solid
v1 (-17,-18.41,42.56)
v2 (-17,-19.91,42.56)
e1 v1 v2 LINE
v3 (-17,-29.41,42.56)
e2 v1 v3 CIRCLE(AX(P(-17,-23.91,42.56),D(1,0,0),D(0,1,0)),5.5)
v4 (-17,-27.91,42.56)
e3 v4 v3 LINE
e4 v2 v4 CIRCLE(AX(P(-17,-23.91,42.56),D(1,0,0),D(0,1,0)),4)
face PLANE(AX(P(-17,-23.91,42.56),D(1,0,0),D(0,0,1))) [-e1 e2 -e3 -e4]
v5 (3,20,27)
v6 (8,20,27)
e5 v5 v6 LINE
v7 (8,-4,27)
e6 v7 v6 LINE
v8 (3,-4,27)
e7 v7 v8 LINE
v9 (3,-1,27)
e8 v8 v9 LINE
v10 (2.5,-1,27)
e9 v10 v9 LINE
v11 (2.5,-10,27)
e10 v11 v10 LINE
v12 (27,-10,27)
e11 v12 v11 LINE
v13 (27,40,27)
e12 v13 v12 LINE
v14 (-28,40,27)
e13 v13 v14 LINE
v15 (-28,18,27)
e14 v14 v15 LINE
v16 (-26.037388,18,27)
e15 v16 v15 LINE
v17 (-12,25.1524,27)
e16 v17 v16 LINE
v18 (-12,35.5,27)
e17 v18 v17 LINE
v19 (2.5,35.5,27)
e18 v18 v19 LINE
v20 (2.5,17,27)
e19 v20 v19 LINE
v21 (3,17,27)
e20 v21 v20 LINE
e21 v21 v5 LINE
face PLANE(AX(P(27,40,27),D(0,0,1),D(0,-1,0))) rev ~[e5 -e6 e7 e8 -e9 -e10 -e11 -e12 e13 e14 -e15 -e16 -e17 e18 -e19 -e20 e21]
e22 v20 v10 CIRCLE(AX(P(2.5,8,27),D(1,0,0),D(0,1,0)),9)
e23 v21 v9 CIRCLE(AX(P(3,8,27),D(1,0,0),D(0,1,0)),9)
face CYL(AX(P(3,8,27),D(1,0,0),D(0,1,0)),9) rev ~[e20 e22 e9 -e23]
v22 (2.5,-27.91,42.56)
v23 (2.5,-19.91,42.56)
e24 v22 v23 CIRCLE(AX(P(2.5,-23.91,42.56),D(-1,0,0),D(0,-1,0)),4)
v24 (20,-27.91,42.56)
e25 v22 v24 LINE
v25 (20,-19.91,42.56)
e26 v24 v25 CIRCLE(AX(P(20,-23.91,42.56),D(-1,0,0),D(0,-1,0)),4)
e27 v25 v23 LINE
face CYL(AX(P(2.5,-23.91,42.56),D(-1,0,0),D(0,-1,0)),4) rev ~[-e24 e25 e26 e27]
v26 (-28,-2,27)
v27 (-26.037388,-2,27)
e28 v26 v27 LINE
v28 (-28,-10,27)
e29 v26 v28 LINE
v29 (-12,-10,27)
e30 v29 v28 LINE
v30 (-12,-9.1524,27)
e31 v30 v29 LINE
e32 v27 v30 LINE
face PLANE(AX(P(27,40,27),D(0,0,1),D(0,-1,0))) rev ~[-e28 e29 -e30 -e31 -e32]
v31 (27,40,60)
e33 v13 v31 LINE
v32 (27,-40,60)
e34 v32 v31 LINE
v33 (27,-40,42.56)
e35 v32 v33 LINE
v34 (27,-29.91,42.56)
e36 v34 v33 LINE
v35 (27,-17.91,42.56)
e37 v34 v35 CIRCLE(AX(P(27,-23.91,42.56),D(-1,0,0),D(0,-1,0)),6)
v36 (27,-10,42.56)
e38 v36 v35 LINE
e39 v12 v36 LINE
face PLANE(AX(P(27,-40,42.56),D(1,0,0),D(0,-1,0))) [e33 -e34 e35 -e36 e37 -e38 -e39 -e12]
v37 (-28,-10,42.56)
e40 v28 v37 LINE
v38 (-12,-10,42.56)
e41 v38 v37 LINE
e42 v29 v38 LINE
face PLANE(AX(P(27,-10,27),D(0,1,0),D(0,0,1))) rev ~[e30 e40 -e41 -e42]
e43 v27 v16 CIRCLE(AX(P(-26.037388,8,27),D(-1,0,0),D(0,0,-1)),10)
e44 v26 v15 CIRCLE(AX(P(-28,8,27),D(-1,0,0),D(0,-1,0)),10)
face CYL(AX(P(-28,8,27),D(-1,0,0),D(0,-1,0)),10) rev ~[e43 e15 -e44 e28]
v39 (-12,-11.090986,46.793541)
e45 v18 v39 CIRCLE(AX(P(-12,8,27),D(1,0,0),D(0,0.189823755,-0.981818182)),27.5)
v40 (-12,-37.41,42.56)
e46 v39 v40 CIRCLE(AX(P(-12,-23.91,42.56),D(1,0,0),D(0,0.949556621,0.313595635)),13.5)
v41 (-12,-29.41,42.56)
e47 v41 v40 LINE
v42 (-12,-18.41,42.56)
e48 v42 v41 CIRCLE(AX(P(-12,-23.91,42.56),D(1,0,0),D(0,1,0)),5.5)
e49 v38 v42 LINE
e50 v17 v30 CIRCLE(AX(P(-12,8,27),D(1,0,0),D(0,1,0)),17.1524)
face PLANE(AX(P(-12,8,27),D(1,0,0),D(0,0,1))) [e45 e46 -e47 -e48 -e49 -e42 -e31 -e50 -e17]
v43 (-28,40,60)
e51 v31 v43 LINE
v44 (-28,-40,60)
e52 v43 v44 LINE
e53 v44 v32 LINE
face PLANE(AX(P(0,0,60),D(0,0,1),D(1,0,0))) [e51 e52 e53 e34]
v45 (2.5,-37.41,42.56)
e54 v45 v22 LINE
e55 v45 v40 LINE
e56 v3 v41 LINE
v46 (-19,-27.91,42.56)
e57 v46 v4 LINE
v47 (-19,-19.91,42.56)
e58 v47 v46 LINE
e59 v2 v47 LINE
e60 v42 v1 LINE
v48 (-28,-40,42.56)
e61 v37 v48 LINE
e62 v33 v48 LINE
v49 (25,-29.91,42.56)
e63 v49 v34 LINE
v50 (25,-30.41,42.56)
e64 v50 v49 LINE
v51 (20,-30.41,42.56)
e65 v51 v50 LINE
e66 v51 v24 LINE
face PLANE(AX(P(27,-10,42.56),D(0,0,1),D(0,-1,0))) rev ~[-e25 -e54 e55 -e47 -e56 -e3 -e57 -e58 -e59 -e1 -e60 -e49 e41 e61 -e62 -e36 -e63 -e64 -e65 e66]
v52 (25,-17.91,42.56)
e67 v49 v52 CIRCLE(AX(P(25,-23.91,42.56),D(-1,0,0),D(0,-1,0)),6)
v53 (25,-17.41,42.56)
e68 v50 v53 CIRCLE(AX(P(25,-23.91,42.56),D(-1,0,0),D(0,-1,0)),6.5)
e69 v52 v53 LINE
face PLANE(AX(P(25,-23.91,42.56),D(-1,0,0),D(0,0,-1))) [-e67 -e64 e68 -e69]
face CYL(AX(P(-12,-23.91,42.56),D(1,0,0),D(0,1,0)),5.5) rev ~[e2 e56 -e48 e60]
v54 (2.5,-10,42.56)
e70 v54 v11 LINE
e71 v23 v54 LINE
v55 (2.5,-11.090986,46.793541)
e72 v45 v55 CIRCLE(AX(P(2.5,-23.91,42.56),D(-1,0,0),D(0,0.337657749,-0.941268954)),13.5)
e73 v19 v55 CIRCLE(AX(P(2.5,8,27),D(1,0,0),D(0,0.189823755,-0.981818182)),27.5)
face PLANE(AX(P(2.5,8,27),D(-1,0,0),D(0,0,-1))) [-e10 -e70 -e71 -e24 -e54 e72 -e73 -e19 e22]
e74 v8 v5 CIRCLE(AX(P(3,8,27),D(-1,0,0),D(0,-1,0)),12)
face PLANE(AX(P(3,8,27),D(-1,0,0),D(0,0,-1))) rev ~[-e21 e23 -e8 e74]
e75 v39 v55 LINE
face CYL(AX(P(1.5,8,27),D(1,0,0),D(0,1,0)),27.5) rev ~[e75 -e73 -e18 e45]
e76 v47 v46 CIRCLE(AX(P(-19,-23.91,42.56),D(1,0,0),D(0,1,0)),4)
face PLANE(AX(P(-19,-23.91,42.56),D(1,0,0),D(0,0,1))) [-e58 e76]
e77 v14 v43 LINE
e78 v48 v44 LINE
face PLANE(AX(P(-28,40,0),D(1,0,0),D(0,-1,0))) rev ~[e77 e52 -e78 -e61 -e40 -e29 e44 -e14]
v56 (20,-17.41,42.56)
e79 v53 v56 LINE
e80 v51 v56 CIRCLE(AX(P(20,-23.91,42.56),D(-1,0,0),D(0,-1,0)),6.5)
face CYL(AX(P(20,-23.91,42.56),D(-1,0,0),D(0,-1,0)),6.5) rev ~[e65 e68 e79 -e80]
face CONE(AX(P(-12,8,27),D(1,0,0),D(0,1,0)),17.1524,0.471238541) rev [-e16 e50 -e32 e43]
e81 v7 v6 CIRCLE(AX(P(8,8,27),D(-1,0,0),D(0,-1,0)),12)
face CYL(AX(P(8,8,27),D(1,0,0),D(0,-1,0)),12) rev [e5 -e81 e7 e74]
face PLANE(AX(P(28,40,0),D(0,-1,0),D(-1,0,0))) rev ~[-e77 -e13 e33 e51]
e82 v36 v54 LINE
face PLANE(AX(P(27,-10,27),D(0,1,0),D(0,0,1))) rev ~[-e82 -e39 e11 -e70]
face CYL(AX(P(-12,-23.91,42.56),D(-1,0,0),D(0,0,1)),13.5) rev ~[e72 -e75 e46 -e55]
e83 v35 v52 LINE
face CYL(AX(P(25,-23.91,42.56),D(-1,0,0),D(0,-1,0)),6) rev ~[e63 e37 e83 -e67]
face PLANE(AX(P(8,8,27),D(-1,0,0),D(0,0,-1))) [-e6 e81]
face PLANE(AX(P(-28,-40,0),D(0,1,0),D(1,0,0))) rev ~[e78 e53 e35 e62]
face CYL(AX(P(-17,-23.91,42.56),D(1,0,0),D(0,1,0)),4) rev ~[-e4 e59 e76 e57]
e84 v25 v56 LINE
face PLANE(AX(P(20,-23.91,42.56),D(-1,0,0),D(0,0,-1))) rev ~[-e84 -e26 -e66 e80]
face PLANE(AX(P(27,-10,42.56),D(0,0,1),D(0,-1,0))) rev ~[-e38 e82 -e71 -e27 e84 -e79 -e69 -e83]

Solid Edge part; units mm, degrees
sketch "Sketch1" plane through (0, 0, 0) normal (0, 0, 1) x (1, 0, 0)
  line L0 (-28, -40) -> (28, -40)
  line L1 (28, -40) -> (28, 40)
  line L2 (28, 40) -> (-28, 40)
  line L3 (-28, 40) -> (-28, -40)
  dimension "D1" = 56
  dimension "D2" = 80
extrude "Protrusion1" add sketch "Sketch1" along normal blind 60
sketch "Sketch2" plane through (8, 0, 21.28) normal (-1, 0, 0) x (0, -1, 0)
  circle A0 centre (-8, 5.72) radius 12
  dimension "D1" = 24
  dimension "D2" = 32
extrude "Extrusionsausschnitt_3" cut sketch "Sketch2" along normal blind 5
sketch "Sketch3" plane through (3, 5.5, 20.5) normal (1, 0, 0) x (0, 1, 0)
  circle A0 centre (2.5, 6.5) radius 9
  dimension "D1" = 18
  dimension "D2" = 32
extrude "Extrusionsausschnitt_4" cut sketch "Sketch3" against normal blind 1.5
sketch "Sketch4" plane through (1.5, 5.5, 22.5) normal (1, 0, 0) x (0, 1, 0)
  circle A0 centre (2.5, 4.5) radius 27.5
  dimension "D1" = 55
  dimension "D2" = 32
extrude "Extrusionsausschnitt_5" cut sketch "Sketch4" against normal blind 13.5
sketch "Sketch5" plane through (1.5, 5.5, 21.28) normal (-1, 0, 0) x (0, 0, 1)
  circle A0 centre (5.72, 2.5) radius 27.5
  dimension "D1" = 55
  dimension "D2" = 32
extrude "Extrusionsausschnitt_6" cut sketch "Sketch5" against normal blind 1
sketch "Sketch6" plane through (0, 15, 27) normal (0, 0, 1) x (1, 0, 0)
  line L0 (-12, 10.1524) -> (-28, 2)
  line L1 (-12, 10.1524) -> (-12, -7)
revolve "RevolvedCutout1" cut sketch "Sketch6" angle 360 about axis through (-28, 8, 27) along (1, 0, 0) material side at (-19.9773, 21.0316, 27)
sketch "Sketch7" plane through (-28, 0, 21.28) normal (-1, 0, 0) x (0, -1, 0)
  circle A0 centre (-8, 5.72) radius 10
  dimension "D1" = 20
extrude "Cutout1" cut sketch "Sketch7" against normal up to vertex (16 mm away)
sketch "Sketch8" plane through (-12, 0, 21.28) normal (-1, 0, 0) x (0, 0, 1)
  circle A0 centre (21.28, -23.91) radius 13.5
  dimension "D1" = 16.09
  dimension "D2" = 17.44
  dimension "D3" = 27
extrude "Extrusionsausschnitt_8" cut sketch "Sketch8" against normal up to vertex (14.5 mm away)
sketch "Sketch9" plane through (-12, -0.75, 21.28) normal (1, 0, 0) x (0, 1, 0)
  circle A0 centre (-23.16, 21.28) radius 5.5
  dimension "D1" = 11
  dimension "D2" = 16.09
extrude "Extrusionsausschnitt_9" cut sketch "Sketch9" against normal blind 5
sketch "Sketch10" plane through (-17, -23.91, 39.81) normal (1, 0, 0) x (0, 1, 0)
  circle A0 centre (0, 2.75) radius 4
  dimension "D1" = 8
  dimension "D2" = 16.09
extrude "Extrusionsausschnitt_10" cut sketch "Sketch10" against normal blind 2
sketch "Sketch11" plane through (2.5, -0.75, 21.28) normal (-1, 0, 0) x (0, -1, 0)
  circle A0 centre (23.16, 21.28) radius 4
  dimension "D1" = 8
  dimension "D2" = 16.09
extrude "Extrusionsausschnitt_11" cut sketch "Sketch11" against normal blind 17.5
sketch "Sketch12" plane through (20, -23.91, 40.56) normal (-1, 0, 0) x (0, -1, 0)
  circle A0 centre (0, 2) radius 6.5
  dimension "D1" = 13
  dimension "D2" = 16.09
extrude "Extrusionsausschnitt_12" cut sketch "Sketch12" against normal blind 5
sketch "Sketch13" plane through (25, -23.91, 38.81) normal (-1, 0, 0) x (0, -1, 0)
  circle A0 centre (0, 3.75) radius 6
  dimension "D1" = 12
  dimension "D2" = 16.09
extrude "Extrusionsausschnitt_13" cut sketch "Sketch13" against normal blind 24
sketch "Sketch14" plane through (28, 0, 21.28) normal (1, 0, 0) x (0, 1, 0)
  circle A0 centre (-23.6974, 21.295) radius 9.5
  dimension "D1" = 19
extrude "Extrusionsausschnitt_14" cut sketch "Sketch14" against normal blind 1
sketch "Sketch15" plane through (15.25, -14.955, 42.56) normal (0, 0, 1) x (1, 0, 0)
  line L0 (11.75, 54.955) -> (11.75, -25.045)
  dimension "D1" = 1
extrude "Extrusionsausschnitt_15" cut sketch "Sketch15" along normal mid plane 96 material side at (27.05, 0, 42.56)
sketch "Sketch16" plane through (27, 0, 30) normal (1, 0, 0) x (0, 1, 0)
  line L0 (40, -3) -> (-10, -3)
  line L1 (-10, -3) -> (-10, 12.56)
  line L2 (-10, 12.56) -> (-40, 12.56)
  dimension "D1" = 42.56
  dimension "D2" = 50
  dimension "D3" = 27
extrude "Extrusionsausschnitt_16" cut sketch "Sketch16" against normal blind 80 material side at (27, 15, 26.95)
properties material "Aluminiumlegierung:3.0205, Al 99.0, EN-AW 1200"
